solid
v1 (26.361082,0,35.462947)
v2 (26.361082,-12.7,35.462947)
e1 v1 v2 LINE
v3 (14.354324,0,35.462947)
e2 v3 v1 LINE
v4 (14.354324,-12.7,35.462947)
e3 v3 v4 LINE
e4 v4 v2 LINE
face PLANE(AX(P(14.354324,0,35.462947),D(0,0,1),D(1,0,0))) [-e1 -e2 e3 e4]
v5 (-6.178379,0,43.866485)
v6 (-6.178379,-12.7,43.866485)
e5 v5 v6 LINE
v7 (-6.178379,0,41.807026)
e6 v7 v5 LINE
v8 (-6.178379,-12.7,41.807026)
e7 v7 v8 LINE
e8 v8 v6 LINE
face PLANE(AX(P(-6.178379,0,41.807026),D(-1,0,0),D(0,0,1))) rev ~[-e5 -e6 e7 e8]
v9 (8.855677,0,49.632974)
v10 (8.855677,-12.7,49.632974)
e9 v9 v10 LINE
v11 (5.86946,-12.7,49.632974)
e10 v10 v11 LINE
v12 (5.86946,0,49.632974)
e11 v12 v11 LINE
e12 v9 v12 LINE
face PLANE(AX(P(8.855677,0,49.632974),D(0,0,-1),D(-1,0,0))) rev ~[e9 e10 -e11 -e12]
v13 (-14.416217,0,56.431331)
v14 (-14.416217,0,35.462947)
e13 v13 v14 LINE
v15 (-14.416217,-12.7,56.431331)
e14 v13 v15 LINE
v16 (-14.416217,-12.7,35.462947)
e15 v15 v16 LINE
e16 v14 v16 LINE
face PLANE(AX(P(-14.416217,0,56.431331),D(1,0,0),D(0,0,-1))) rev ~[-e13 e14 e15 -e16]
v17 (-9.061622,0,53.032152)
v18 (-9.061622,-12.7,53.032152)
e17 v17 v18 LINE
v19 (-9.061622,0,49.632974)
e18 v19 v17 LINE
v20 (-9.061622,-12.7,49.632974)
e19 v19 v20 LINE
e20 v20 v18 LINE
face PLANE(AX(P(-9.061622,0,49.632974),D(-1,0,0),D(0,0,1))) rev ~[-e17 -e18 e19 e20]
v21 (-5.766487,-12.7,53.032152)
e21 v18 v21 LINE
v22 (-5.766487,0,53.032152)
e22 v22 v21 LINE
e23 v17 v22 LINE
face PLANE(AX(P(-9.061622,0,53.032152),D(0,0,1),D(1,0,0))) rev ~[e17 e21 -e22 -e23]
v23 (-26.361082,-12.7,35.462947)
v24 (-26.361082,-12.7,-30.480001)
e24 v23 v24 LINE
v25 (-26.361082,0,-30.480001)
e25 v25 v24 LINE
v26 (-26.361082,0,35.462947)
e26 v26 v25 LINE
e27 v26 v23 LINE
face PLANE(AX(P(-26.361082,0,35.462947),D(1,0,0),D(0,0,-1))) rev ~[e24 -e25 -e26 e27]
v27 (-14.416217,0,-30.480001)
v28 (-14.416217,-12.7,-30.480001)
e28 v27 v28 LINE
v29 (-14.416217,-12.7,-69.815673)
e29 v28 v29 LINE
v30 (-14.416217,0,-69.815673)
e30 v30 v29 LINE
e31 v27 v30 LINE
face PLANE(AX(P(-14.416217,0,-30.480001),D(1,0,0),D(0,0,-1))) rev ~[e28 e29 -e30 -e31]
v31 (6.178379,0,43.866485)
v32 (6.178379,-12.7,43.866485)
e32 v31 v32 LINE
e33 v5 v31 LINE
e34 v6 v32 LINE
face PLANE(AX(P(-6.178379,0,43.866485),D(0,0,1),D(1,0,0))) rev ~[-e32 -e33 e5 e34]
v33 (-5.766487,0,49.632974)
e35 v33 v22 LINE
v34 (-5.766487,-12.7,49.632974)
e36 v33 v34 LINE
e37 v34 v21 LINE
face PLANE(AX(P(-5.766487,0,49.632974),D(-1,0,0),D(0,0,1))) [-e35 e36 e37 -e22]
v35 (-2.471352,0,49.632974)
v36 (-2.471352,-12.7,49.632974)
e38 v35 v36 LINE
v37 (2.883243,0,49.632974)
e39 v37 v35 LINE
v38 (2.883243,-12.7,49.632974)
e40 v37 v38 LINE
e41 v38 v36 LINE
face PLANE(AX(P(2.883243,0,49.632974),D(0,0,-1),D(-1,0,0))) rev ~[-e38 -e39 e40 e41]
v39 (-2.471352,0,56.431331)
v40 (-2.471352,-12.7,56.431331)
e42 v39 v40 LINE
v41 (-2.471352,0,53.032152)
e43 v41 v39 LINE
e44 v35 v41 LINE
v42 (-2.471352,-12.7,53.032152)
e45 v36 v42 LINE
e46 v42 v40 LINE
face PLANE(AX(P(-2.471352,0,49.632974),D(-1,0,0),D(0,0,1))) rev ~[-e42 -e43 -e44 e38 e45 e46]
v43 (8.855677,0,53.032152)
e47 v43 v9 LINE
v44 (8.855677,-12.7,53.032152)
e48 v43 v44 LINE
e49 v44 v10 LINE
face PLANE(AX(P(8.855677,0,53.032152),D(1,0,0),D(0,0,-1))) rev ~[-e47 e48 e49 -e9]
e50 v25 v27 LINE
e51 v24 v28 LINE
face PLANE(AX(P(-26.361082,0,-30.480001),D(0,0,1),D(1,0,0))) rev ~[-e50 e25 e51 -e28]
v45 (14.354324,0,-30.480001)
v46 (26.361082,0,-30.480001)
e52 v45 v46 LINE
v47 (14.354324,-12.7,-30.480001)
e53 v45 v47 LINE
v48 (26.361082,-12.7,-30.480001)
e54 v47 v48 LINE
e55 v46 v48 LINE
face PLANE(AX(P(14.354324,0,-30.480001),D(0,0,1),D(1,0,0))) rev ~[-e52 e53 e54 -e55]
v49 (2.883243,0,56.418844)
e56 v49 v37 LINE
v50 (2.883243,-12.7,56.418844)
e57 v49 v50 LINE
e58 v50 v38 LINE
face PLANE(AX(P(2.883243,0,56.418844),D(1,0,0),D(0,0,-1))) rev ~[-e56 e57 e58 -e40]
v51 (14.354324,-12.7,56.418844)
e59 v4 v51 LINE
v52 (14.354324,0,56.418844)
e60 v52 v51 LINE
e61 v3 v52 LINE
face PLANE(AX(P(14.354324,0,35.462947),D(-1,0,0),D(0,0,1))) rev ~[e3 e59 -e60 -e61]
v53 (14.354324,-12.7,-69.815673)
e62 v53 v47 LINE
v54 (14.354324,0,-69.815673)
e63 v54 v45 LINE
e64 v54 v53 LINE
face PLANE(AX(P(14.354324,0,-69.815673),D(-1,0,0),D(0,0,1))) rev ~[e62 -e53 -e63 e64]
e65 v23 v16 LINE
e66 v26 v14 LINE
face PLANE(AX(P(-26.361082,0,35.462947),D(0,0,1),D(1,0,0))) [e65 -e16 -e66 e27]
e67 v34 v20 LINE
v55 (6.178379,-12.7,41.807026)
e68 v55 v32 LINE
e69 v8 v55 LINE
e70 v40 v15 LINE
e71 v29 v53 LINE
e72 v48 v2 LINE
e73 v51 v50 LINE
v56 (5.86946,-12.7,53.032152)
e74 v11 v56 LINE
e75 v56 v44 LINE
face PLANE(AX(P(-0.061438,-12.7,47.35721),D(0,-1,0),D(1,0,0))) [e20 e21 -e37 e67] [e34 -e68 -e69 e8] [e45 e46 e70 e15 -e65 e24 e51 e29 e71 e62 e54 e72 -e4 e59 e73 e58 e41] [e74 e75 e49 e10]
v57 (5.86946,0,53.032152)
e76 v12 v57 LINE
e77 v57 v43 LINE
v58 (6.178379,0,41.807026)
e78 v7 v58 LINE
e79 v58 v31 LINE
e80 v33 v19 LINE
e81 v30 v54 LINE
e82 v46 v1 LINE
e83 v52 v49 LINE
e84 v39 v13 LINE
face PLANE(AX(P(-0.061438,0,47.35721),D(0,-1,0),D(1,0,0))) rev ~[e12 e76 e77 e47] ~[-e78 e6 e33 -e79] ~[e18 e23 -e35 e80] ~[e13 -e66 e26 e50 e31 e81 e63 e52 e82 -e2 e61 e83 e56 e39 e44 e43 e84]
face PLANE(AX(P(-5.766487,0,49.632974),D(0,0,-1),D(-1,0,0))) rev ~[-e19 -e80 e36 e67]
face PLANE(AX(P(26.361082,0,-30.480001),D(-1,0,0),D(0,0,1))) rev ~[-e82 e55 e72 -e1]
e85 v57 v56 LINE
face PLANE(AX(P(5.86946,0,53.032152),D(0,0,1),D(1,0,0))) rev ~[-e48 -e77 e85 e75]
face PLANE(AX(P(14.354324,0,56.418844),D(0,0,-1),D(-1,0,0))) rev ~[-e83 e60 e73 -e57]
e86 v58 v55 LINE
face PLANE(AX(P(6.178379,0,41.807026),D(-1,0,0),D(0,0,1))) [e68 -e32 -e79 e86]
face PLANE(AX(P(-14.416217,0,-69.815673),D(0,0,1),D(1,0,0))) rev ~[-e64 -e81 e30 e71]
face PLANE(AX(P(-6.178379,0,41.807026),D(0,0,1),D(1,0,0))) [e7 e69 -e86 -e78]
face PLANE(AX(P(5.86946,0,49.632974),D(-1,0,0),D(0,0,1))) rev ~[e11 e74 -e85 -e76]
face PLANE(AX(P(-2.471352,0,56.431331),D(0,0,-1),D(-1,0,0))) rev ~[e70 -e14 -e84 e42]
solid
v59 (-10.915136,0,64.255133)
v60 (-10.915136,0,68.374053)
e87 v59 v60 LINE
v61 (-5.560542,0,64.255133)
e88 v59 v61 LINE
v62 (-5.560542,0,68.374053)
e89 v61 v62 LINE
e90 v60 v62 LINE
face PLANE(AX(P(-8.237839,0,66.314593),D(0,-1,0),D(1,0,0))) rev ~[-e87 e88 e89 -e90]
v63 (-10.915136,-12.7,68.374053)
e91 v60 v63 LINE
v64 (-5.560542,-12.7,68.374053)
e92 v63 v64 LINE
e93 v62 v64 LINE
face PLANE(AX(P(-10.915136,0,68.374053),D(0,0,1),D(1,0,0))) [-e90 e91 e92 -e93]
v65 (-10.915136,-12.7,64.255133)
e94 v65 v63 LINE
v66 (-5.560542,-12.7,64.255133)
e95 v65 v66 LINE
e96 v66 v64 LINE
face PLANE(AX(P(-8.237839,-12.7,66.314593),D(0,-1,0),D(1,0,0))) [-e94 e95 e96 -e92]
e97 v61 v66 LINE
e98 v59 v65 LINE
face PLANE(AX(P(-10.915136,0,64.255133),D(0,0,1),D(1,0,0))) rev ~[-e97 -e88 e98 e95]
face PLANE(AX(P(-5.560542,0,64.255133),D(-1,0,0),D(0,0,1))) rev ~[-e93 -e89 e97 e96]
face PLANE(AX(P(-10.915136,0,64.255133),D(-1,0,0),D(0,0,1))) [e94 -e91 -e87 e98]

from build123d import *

# Parameters (mm, degrees)
F0_W     = 12.3567571864
F0_H     = 2.0594596863
F0_W_2   = 11.9448648766
F0_H_2   = 14.0445673443
F0_W_3   = 12.0067576718
F0_H_3   = 51.8983807415
F0_W_4   = 3.2951353351
F0_H_4   = 3.3991783857
F0_W_5   = 14.4162168726
F0_H_5   = 9.4735100865
F0_W_6   = 14.3543240774
F1_DEPTH = 12.7
F0_W_7   = 5.3545944393
F0_H_6   = 4.1189193726


with BuildPart() as f1:
    # F0 (on Front) → F1 (new body)
    with BuildSketch(Plane.XZ):
        Polygon((-14.4162168726, 56.4313307405), (-14.4162168726, 35.462946964), (14.3543240774, 35.462946964), (14.3543240774, 56.4188435674), (2.8832429089, 56.4188435674), (2.8832429089, 53.0321523547), (4.3763514841, 53.0321523547), (5.251487717, 53.0321523547), (5.8694600593, 53.0321523547), (8.8556772098, 53.0321523547), (8.8556772098, 49.632973969), (5.8694600593, 49.632973969), (2.8832429089, 49.632973969), (-2.4713517632, 49.632973969), (-5.7664870983, 49.632973969), (-9.0616224334, 49.632973969), (-9.0616224334, 53.0321523547), (-5.7664870983, 53.0321523547), (-2.4713517632, 53.0321523547), (-2.4713517632, 56.4313307405), align=None)
        with Locations((0, 42.8367555141)):
            Rectangle(F0_W, F0_H, mode=Mode.SUBTRACT)
        with Locations((-20.3886493109, 28.4406632919)):
            Rectangle(F0_W_2, F0_H_2)
        Polygon((14.3543240774, 35.462946964), (-14.4162168726, 35.462946964), (-14.4162168726, 21.4183796197), (-14.4162168726, -30.4800011218), (0, -30.4800011218), (14.3543240774, -30.4800011218), (14.3543240774, 21.4183796197), align=None)
        with Locations((20.3577029133, 28.4406632919)):
            Rectangle(F0_W_3, F0_H_2)
        with Locations((-20.3886493109, -4.530810751)):
            Rectangle(F0_W_2, F0_H_3)
        with Locations((20.3577029133, -4.530810751)):
            Rectangle(F0_W_3, F0_H_3)
        Polygon((0, -30.4800011218), (-14.4162168726, -30.4800011218), (-14.4162168726, -60.3421628475), (0, -60.3421628475), (0, -45.7200035453), (0, -39.3356755376), align=None)
        Polygon((14.3543240774, -60.3421628475), (14.3543240774, -30.4800011218), (0, -30.4800011218), (0, -39.3356755376), (0, -45.7200035453), (0, -60.3421628475), align=None)
        with Locations((-4.1189194308, 51.3325631618)):
            Rectangle(F0_W_4, F0_H_4)
        with Locations((-7.2081084363, -65.0789178908)):
            Rectangle(F0_W_5, F0_H_5)
        Polygon((4.3763514841, 53.0321523547), (2.8832429089, 53.0321523547), (2.8832429089, 49.632973969), (5.8694600593, 49.632973969), (5.8694600593, 53.0321523547), (5.251487717, 53.0321523547), align=None)
        with Locations((7.1771620387, -65.0789178908)):
            Rectangle(F0_W_6, F0_H_5)
    extrude(amount=F1_DEPTH)


with BuildPart() as f1b:
    # F0 (on Front) → F1, piece 2 (new body)
    with BuildSketch(Plane.XZ):
        with Locations((-8.2378387451, 66.3145929575)):
            Rectangle(F0_W_7, F0_H_6)
    extrude(amount=F1_DEPTH)


solid = Compound([f1.part, f1b.part])
